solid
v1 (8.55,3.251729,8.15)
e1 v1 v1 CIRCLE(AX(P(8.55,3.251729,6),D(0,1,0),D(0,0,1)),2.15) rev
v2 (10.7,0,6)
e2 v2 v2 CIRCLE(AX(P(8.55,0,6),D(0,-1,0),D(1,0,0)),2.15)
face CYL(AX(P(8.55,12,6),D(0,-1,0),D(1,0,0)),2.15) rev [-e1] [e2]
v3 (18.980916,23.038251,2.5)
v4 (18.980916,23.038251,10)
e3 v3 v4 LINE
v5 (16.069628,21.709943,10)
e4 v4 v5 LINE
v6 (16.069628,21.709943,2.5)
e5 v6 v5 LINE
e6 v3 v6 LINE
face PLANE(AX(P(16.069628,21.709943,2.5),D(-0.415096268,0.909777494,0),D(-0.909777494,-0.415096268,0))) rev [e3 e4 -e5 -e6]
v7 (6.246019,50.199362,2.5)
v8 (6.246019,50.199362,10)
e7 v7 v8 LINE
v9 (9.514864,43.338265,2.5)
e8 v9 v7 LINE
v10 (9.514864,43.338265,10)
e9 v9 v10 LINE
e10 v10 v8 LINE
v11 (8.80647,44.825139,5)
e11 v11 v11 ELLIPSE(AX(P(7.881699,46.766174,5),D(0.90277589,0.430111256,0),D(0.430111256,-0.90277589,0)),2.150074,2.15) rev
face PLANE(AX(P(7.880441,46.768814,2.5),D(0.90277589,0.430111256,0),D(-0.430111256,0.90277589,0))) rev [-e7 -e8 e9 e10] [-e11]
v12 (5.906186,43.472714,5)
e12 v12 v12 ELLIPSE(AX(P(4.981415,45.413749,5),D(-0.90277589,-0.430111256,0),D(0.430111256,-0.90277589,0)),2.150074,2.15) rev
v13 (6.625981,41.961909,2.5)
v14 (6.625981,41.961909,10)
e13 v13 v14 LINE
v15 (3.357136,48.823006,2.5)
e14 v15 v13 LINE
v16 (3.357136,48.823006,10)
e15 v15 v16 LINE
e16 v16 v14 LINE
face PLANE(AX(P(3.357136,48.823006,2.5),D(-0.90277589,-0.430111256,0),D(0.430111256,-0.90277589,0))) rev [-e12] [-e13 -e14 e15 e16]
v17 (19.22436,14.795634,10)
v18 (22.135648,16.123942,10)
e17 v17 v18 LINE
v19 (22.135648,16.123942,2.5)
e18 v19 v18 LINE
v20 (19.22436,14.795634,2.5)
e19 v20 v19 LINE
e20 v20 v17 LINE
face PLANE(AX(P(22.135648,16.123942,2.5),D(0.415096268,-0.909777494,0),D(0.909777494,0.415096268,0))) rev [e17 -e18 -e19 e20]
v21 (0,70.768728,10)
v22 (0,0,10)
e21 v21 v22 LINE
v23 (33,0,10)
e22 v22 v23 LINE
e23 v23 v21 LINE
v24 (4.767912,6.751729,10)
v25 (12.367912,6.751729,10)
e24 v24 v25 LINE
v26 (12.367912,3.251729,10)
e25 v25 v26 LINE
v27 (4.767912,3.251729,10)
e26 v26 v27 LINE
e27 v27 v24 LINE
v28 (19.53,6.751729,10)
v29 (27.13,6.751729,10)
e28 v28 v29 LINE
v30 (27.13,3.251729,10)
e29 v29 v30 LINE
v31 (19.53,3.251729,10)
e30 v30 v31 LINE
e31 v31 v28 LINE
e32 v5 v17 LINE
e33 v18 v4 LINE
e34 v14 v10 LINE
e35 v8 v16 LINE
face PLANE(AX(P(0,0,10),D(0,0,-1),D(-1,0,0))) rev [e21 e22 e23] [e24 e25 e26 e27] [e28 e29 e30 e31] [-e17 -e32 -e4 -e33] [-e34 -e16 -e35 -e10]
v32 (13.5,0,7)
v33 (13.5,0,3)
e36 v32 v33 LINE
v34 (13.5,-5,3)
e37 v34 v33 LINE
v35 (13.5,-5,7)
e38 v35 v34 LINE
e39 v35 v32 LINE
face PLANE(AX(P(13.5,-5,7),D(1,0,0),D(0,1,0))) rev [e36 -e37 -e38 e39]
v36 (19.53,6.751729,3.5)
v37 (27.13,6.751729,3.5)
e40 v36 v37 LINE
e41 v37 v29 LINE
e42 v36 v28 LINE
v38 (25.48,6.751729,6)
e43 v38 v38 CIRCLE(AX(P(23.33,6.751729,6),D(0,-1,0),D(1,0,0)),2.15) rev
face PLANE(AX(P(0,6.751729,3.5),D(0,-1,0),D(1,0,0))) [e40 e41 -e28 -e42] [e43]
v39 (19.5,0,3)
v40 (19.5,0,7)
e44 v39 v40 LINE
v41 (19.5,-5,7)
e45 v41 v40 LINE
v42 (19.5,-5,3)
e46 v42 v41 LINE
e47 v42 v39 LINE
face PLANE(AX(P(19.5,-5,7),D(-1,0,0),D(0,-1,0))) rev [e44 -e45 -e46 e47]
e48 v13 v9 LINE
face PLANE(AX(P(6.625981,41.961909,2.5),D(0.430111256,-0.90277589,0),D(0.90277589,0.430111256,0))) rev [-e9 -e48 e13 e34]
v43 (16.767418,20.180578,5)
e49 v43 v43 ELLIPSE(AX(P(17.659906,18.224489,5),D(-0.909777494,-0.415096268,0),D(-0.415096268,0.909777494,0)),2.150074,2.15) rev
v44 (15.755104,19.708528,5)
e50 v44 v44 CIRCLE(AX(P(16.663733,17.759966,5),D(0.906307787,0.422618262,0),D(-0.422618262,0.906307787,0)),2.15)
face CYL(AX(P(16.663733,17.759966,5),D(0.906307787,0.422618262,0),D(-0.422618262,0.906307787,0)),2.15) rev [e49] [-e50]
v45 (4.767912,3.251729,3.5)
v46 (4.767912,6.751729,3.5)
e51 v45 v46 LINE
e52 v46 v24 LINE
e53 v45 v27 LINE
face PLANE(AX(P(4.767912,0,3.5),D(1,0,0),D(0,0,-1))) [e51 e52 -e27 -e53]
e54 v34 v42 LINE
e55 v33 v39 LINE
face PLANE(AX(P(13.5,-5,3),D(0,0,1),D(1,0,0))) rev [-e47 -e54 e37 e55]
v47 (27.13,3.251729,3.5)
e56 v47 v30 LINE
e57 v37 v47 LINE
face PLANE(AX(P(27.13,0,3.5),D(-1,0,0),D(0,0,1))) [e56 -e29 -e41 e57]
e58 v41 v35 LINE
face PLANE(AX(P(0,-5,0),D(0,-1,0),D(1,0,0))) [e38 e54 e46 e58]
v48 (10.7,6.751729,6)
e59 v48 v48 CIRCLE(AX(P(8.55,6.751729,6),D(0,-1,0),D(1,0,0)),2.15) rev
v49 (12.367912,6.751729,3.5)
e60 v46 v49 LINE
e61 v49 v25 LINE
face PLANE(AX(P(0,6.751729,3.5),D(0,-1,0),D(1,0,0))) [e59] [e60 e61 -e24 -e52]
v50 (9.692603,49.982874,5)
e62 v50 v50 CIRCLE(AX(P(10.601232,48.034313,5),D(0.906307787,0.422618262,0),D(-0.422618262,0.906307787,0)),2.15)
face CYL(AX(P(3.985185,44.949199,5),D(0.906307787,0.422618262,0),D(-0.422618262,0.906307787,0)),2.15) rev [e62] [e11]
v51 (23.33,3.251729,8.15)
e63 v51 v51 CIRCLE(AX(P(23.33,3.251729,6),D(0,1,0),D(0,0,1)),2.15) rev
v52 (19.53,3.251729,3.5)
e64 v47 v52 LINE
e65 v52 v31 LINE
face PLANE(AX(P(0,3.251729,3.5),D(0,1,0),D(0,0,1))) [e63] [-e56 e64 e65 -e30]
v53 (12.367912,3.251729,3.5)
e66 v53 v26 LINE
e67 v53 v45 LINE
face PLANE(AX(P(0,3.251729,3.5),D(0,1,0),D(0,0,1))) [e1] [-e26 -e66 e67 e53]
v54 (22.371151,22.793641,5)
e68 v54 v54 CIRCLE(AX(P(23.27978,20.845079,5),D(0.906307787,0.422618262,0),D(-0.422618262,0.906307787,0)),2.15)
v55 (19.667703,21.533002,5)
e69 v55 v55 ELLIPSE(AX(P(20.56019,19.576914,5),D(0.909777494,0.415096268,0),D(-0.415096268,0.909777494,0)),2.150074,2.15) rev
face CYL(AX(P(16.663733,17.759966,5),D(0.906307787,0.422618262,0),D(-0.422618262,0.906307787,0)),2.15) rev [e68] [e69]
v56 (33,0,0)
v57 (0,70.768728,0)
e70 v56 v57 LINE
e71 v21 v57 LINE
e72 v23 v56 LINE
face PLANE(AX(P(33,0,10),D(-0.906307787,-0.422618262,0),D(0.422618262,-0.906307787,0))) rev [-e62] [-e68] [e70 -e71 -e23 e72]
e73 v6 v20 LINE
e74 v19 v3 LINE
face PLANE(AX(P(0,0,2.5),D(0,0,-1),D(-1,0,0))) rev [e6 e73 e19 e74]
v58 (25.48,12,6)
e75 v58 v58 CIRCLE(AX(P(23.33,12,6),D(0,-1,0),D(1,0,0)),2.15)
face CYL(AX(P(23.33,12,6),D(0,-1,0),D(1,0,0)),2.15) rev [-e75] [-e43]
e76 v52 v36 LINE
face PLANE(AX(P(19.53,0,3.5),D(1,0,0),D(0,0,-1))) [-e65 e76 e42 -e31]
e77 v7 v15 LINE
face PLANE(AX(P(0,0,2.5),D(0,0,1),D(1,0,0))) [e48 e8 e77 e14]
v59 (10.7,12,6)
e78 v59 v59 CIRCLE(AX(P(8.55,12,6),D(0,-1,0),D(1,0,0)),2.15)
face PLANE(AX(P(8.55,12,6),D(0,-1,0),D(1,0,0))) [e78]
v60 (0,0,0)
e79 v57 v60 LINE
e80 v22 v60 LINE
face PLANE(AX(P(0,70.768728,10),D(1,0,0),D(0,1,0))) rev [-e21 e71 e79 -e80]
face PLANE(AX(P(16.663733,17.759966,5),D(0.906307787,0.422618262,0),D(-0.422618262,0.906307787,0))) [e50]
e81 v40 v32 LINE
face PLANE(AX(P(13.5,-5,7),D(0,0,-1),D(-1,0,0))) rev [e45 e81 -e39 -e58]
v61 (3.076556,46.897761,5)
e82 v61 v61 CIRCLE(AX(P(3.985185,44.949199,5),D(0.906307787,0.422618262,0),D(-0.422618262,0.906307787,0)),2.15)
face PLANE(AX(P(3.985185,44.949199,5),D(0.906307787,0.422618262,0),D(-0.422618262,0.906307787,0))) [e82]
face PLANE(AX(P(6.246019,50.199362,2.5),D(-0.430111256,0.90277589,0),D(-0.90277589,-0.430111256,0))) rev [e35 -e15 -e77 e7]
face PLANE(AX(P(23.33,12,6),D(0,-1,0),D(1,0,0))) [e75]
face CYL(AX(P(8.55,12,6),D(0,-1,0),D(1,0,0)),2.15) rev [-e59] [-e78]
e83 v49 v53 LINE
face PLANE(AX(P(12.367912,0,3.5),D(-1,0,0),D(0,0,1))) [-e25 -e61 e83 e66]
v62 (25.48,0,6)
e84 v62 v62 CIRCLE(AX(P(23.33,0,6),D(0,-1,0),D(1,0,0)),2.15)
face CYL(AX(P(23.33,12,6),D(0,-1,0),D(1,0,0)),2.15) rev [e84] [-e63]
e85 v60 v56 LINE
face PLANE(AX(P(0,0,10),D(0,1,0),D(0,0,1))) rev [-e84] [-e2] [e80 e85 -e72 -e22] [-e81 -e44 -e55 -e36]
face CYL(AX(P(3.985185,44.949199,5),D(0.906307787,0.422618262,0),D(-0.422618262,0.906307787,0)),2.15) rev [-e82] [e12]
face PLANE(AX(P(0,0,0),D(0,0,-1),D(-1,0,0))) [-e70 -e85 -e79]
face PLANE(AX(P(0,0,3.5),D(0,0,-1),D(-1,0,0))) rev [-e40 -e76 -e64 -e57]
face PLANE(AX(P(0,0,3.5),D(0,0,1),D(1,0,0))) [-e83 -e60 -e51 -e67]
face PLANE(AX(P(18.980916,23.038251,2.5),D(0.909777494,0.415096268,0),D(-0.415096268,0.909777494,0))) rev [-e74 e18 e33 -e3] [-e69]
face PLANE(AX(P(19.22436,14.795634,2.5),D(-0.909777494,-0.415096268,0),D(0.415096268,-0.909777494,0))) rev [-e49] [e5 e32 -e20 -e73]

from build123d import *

# Parameters (mm, degrees)
BOSS_EXTRUDE1_DEPTH = 10
SKETCH2_W           = 6
SKETCH2_H           = 4
BOSS_EXTRUDE2_DEPTH = 5
SKETCH3_R           = 2.15
CUT_EXTRUDE1_DEPTH  = 12
SKETCH6_R           = 2.15
CUT_EXTRUDE4_DEPTH  = 7.3
CUT_EXTRUDE5_START  = -10
SKETCH4_W           = 7.6
SKETCH4_H           = 3.5
CUT_EXTRUDE5_DEPTH  = 6.5
SKETCH7_W           = 7.6
SKETCH7_H           = 3.5
CUT_EXTRUDE6_DEPTH  = 6.5
CUT_EXTRUDE7_DEPTH  = 7.5


with BuildPart() as part:
    # Sketch1 → Boss-Extrude1 (new body)
    with BuildSketch(Plane.XY):
        Polygon((0, 70.768728377), (0, 0), (33, 0), align=None)
    extrude(amount=BOSS_EXTRUDE1_DEPTH)

    # Sketch2 → Boss-Extrude2 (add)
    with BuildSketch(Plane(origin=(0, 0, 0), x_dir=(-1, 0, 0), z_dir=(0, -1, 0))):
        with Locations((-16.5, -5)):
            Rectangle(SKETCH2_W, SKETCH2_H)
    extrude(amount=BOSS_EXTRUDE2_DEPTH)

    # Sketch3 → Cut-Extrude1 (cut)
    with BuildSketch(Plane(origin=(0, 0, 0), x_dir=(-1, 0, 0), z_dir=(0, -1, 0))):
        with Locations(Location((-23.33, -6, 0), (0, 0, 180))):
            Circle(SKETCH3_R)
        with Locations(Location((-8.55, -6, 0), (0, 0, 180))):
            Circle(SKETCH3_R)
    extrude(amount=-CUT_EXTRUDE1_DEPTH, mode=Mode.SUBTRACT)

    # Sketch6 → Cut-Extrude4 (cut)
    with BuildSketch(Plane(origin=(27.10599556, 12.639733311, 0), x_dir=(0, 0, -1), z_dir=(0.9063077870366479, 0.422618261740704, 0))):
        with Locations(Location((-5, 9.053597363, 0), (0, 0, 90))):
            Circle(SKETCH6_R)
        with Locations(Location((-5, 39.053597363, 0), (0, 0, 90))):
            Circle(SKETCH6_R)
    extrude(amount=-CUT_EXTRUDE4_DEPTH, mode=Mode.SUBTRACT)

    # Sketch4 → Cut-Extrude5 (cut)
    with BuildSketch(Plane(origin=(0, 0, 0), x_dir=(-1, 0, 0), z_dir=(0, 0, -1)).offset(CUT_EXTRUDE5_START)):
        with Locations((-23.33, 5.001728642)):
            Rectangle(SKETCH4_W, SKETCH4_H)
    extrude(amount=CUT_EXTRUDE5_DEPTH, mode=Mode.SUBTRACT)

    # Sketch7 → Cut-Extrude6 (cut)
    with BuildSketch(Plane.XY.offset(10)):
        with Locations((8.567911565, 5.001728642)):
            Rectangle(SKETCH7_W, SKETCH7_H)
    extrude(amount=-CUT_EXTRUDE6_DEPTH, mode=Mode.SUBTRACT)

    # Sketch9 → Cut-Extrude7 (cut)
    with BuildSketch(Plane.XY.offset(10)):
        Polygon((7.880441317, 46.768813524), (6.246018546, 50.199361906), (3.357135698, 48.823005888), (6.625981241, 41.961909123), (9.514864089, 43.338265141), align=None)
        Polygon((18.980916312, 23.03825064), (20.55828213, 19.581096164), (22.135647949, 16.123941687), (19.224359969, 14.795633629), (16.069628331, 21.709942582), align=None)
    extrude(amount=-CUT_EXTRUDE7_DEPTH, mode=Mode.SUBTRACT)


solid = part.part
